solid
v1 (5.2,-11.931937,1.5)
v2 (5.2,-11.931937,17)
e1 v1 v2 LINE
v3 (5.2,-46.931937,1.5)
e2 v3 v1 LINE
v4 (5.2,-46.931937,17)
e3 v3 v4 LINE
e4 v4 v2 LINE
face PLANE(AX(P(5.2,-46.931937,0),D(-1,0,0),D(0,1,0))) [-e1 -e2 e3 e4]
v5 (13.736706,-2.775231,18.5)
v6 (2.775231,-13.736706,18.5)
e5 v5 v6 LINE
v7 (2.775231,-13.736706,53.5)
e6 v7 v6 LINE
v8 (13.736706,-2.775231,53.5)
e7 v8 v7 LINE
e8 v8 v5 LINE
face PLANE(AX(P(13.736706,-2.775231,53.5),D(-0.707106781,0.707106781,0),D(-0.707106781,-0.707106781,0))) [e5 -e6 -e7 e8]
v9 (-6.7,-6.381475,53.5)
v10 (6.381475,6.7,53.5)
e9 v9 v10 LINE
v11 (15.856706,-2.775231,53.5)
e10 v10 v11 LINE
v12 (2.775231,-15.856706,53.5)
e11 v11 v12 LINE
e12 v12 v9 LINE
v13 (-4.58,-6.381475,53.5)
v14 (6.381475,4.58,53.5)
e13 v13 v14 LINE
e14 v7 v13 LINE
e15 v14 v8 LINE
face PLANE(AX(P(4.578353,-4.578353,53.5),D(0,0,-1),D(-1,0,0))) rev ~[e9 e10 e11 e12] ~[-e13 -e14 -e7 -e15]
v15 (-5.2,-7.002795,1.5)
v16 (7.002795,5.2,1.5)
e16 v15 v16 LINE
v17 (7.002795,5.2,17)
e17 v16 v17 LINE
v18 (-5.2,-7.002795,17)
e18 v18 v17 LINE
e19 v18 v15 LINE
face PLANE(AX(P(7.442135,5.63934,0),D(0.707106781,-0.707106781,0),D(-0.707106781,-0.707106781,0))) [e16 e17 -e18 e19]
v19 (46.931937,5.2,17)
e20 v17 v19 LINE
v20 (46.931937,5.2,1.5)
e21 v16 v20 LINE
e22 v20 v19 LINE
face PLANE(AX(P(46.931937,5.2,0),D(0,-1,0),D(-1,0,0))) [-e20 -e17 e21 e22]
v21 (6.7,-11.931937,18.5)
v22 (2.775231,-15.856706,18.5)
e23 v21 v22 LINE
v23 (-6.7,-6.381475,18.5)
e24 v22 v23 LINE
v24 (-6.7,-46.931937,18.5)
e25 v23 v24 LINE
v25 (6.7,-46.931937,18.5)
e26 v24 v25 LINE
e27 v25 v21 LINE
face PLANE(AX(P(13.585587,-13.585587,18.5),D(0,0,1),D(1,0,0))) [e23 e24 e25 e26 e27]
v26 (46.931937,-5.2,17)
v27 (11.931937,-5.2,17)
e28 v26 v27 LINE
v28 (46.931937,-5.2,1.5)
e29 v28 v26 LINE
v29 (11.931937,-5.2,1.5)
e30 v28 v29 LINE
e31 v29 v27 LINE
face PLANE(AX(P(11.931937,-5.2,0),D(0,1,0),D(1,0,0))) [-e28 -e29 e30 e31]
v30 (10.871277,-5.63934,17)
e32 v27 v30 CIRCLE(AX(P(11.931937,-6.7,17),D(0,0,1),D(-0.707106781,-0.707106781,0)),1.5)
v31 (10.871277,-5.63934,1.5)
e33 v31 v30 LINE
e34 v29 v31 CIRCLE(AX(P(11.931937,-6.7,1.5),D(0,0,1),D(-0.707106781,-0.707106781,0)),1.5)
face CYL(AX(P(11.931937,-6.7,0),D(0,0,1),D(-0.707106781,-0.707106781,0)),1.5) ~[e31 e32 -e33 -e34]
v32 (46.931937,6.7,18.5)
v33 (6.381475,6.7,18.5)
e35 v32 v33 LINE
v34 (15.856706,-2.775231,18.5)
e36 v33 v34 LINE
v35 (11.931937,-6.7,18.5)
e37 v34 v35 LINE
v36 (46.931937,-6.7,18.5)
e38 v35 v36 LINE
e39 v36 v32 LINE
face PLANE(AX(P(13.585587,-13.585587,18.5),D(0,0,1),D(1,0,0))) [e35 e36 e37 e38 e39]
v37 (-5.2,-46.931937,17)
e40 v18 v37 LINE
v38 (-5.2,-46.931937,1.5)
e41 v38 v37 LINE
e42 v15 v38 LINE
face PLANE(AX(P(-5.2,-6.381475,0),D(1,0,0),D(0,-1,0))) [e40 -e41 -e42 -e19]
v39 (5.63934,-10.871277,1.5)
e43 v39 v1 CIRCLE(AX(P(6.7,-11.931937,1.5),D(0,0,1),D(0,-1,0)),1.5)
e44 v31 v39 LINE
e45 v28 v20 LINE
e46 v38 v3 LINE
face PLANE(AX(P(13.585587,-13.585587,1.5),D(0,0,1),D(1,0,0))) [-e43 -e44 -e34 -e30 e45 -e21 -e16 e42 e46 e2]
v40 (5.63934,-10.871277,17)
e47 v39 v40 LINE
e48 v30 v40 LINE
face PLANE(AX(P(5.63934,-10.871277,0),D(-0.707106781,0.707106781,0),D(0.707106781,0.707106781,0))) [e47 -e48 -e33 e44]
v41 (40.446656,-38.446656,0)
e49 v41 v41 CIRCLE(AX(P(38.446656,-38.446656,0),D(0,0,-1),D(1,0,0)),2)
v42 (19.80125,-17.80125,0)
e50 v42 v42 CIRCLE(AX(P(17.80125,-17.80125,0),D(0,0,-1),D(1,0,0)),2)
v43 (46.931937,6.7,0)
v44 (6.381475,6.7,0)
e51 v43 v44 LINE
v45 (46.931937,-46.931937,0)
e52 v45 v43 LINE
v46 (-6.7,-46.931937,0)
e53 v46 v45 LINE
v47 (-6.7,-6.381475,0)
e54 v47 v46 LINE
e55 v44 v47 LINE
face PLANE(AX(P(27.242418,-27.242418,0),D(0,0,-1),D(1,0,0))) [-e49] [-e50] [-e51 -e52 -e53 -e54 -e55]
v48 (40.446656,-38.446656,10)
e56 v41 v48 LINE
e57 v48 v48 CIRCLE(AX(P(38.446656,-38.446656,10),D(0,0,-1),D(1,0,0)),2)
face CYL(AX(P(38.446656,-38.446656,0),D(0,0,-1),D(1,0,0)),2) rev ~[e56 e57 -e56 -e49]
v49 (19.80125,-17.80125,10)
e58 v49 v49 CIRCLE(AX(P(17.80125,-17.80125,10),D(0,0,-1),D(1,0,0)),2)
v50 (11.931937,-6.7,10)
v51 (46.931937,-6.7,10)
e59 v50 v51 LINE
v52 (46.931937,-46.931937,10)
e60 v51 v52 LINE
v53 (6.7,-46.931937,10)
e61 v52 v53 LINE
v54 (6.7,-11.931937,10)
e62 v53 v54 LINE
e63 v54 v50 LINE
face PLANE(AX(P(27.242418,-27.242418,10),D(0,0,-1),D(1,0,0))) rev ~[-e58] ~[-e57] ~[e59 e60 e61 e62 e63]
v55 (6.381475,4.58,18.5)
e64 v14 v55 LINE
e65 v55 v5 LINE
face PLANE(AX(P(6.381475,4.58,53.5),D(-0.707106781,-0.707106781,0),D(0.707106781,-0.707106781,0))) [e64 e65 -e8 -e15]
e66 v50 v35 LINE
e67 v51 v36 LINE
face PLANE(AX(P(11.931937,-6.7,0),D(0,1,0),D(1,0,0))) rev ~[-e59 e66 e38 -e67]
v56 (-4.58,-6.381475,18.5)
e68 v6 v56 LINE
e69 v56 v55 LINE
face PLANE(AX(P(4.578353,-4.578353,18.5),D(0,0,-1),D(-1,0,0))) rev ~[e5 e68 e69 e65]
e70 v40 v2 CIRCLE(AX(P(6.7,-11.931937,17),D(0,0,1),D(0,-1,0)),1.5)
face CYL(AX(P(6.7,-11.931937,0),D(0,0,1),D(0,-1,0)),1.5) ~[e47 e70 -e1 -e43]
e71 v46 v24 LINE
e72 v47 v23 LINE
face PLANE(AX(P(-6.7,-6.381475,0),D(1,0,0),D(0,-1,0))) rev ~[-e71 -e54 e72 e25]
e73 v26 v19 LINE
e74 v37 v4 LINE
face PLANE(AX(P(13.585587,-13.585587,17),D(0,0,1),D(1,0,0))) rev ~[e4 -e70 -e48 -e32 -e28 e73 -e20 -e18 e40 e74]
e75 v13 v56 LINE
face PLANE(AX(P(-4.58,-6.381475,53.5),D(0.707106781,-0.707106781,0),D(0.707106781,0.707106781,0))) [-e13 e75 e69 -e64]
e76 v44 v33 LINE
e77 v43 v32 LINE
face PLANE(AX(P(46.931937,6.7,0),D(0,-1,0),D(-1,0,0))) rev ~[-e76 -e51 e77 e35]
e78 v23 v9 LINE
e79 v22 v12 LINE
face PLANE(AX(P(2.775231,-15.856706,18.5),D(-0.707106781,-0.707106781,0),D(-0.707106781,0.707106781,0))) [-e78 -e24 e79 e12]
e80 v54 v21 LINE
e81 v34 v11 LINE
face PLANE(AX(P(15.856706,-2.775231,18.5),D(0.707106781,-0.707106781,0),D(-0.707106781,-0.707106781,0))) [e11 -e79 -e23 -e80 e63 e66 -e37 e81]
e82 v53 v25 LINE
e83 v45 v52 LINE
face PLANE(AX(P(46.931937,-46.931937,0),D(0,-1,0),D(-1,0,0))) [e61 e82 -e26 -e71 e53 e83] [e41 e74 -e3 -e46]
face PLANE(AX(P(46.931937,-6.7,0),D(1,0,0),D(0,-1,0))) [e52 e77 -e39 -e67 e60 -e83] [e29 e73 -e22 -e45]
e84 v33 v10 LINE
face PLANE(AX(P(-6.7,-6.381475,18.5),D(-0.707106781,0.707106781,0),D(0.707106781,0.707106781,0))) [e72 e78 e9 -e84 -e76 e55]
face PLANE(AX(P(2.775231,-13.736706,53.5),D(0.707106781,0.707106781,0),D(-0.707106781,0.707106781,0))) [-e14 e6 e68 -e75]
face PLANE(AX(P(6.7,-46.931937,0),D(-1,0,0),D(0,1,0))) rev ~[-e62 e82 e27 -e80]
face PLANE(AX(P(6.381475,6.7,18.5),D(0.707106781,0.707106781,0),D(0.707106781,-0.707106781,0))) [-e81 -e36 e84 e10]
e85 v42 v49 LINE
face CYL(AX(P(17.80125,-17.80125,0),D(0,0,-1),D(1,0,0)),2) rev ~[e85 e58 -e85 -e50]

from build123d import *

# Parameters (mm, degrees)
PAD002_DEPTH    = 18.5
THICKNESS001_T  = -1.5
PAD003_DEPTH    = 35
POCKET001_DEPTH = 35
SKETCH006_R     = 2
PAD004_DEPTH    = 10


with BuildPart() as part:
    # Sketch003 → Pad002 (new body)
    with BuildSketch(Plane.XY):
        Polygon((-6.7, -6.381475), (-6.7, -46.931937), (6.7, -46.931937), (6.7, -11.931937), (11.931937, -6.7), (46.931937, -6.7), (46.931937, 6.7), (6.381475, 6.7), align=None)
    extrude(amount=PAD002_DEPTH)

    # Thickness001
    thickness001_openings = [part.faces().sort_by_distance(p)[0] for p in [
        (0, -46.931937, 9.25),
        (46.931937, 0, 9.25),
    ]]
    offset(amount=THICKNESS001_T, openings=thickness001_openings)

    # Sketch004 (on Face8 of Thickness001) → Pad003 (join)
    with BuildSketch(Plane.XY.offset(18.5)):
        Polygon((-6.7, -6.381475), (6.381475, 6.7), (15.856706, -2.775231), (2.775231, -15.856706), align=None)
    extrude(amount=PAD003_DEPTH)

    # Sketch005 (on Face22 of Pad003) → Pocket001 (cut)
    with BuildSketch(Plane.XY.offset(53.5)):
        Polygon((-4.58, -6.381475), (6.381475, 4.58), (13.736706, -2.775231), (2.775231, -13.736706), align=None)
    extrude(amount=-POCKET001_DEPTH, mode=Mode.SUBTRACT)

    # Sketch006 (on Face4 of Pocket001) → Pad004 (join)
    with BuildSketch(Plane(origin=(0, 0, 0), x_dir=(1, 0, 0), z_dir=(0, 0, -1))):
        Polygon((6.7, 46.931937), (6.7, 11.931937), (11.931937, 6.7), (46.931937, 6.7), (46.931937, 46.931937), align=None)
        with Locations((17.80125, 17.80125)):
            Circle(SKETCH006_R, mode=Mode.SUBTRACT)
        with Locations((38.446656, 38.446656)):
            Circle(SKETCH006_R, mode=Mode.SUBTRACT)
    extrude(amount=-PAD004_DEPTH)


solid = part.part
